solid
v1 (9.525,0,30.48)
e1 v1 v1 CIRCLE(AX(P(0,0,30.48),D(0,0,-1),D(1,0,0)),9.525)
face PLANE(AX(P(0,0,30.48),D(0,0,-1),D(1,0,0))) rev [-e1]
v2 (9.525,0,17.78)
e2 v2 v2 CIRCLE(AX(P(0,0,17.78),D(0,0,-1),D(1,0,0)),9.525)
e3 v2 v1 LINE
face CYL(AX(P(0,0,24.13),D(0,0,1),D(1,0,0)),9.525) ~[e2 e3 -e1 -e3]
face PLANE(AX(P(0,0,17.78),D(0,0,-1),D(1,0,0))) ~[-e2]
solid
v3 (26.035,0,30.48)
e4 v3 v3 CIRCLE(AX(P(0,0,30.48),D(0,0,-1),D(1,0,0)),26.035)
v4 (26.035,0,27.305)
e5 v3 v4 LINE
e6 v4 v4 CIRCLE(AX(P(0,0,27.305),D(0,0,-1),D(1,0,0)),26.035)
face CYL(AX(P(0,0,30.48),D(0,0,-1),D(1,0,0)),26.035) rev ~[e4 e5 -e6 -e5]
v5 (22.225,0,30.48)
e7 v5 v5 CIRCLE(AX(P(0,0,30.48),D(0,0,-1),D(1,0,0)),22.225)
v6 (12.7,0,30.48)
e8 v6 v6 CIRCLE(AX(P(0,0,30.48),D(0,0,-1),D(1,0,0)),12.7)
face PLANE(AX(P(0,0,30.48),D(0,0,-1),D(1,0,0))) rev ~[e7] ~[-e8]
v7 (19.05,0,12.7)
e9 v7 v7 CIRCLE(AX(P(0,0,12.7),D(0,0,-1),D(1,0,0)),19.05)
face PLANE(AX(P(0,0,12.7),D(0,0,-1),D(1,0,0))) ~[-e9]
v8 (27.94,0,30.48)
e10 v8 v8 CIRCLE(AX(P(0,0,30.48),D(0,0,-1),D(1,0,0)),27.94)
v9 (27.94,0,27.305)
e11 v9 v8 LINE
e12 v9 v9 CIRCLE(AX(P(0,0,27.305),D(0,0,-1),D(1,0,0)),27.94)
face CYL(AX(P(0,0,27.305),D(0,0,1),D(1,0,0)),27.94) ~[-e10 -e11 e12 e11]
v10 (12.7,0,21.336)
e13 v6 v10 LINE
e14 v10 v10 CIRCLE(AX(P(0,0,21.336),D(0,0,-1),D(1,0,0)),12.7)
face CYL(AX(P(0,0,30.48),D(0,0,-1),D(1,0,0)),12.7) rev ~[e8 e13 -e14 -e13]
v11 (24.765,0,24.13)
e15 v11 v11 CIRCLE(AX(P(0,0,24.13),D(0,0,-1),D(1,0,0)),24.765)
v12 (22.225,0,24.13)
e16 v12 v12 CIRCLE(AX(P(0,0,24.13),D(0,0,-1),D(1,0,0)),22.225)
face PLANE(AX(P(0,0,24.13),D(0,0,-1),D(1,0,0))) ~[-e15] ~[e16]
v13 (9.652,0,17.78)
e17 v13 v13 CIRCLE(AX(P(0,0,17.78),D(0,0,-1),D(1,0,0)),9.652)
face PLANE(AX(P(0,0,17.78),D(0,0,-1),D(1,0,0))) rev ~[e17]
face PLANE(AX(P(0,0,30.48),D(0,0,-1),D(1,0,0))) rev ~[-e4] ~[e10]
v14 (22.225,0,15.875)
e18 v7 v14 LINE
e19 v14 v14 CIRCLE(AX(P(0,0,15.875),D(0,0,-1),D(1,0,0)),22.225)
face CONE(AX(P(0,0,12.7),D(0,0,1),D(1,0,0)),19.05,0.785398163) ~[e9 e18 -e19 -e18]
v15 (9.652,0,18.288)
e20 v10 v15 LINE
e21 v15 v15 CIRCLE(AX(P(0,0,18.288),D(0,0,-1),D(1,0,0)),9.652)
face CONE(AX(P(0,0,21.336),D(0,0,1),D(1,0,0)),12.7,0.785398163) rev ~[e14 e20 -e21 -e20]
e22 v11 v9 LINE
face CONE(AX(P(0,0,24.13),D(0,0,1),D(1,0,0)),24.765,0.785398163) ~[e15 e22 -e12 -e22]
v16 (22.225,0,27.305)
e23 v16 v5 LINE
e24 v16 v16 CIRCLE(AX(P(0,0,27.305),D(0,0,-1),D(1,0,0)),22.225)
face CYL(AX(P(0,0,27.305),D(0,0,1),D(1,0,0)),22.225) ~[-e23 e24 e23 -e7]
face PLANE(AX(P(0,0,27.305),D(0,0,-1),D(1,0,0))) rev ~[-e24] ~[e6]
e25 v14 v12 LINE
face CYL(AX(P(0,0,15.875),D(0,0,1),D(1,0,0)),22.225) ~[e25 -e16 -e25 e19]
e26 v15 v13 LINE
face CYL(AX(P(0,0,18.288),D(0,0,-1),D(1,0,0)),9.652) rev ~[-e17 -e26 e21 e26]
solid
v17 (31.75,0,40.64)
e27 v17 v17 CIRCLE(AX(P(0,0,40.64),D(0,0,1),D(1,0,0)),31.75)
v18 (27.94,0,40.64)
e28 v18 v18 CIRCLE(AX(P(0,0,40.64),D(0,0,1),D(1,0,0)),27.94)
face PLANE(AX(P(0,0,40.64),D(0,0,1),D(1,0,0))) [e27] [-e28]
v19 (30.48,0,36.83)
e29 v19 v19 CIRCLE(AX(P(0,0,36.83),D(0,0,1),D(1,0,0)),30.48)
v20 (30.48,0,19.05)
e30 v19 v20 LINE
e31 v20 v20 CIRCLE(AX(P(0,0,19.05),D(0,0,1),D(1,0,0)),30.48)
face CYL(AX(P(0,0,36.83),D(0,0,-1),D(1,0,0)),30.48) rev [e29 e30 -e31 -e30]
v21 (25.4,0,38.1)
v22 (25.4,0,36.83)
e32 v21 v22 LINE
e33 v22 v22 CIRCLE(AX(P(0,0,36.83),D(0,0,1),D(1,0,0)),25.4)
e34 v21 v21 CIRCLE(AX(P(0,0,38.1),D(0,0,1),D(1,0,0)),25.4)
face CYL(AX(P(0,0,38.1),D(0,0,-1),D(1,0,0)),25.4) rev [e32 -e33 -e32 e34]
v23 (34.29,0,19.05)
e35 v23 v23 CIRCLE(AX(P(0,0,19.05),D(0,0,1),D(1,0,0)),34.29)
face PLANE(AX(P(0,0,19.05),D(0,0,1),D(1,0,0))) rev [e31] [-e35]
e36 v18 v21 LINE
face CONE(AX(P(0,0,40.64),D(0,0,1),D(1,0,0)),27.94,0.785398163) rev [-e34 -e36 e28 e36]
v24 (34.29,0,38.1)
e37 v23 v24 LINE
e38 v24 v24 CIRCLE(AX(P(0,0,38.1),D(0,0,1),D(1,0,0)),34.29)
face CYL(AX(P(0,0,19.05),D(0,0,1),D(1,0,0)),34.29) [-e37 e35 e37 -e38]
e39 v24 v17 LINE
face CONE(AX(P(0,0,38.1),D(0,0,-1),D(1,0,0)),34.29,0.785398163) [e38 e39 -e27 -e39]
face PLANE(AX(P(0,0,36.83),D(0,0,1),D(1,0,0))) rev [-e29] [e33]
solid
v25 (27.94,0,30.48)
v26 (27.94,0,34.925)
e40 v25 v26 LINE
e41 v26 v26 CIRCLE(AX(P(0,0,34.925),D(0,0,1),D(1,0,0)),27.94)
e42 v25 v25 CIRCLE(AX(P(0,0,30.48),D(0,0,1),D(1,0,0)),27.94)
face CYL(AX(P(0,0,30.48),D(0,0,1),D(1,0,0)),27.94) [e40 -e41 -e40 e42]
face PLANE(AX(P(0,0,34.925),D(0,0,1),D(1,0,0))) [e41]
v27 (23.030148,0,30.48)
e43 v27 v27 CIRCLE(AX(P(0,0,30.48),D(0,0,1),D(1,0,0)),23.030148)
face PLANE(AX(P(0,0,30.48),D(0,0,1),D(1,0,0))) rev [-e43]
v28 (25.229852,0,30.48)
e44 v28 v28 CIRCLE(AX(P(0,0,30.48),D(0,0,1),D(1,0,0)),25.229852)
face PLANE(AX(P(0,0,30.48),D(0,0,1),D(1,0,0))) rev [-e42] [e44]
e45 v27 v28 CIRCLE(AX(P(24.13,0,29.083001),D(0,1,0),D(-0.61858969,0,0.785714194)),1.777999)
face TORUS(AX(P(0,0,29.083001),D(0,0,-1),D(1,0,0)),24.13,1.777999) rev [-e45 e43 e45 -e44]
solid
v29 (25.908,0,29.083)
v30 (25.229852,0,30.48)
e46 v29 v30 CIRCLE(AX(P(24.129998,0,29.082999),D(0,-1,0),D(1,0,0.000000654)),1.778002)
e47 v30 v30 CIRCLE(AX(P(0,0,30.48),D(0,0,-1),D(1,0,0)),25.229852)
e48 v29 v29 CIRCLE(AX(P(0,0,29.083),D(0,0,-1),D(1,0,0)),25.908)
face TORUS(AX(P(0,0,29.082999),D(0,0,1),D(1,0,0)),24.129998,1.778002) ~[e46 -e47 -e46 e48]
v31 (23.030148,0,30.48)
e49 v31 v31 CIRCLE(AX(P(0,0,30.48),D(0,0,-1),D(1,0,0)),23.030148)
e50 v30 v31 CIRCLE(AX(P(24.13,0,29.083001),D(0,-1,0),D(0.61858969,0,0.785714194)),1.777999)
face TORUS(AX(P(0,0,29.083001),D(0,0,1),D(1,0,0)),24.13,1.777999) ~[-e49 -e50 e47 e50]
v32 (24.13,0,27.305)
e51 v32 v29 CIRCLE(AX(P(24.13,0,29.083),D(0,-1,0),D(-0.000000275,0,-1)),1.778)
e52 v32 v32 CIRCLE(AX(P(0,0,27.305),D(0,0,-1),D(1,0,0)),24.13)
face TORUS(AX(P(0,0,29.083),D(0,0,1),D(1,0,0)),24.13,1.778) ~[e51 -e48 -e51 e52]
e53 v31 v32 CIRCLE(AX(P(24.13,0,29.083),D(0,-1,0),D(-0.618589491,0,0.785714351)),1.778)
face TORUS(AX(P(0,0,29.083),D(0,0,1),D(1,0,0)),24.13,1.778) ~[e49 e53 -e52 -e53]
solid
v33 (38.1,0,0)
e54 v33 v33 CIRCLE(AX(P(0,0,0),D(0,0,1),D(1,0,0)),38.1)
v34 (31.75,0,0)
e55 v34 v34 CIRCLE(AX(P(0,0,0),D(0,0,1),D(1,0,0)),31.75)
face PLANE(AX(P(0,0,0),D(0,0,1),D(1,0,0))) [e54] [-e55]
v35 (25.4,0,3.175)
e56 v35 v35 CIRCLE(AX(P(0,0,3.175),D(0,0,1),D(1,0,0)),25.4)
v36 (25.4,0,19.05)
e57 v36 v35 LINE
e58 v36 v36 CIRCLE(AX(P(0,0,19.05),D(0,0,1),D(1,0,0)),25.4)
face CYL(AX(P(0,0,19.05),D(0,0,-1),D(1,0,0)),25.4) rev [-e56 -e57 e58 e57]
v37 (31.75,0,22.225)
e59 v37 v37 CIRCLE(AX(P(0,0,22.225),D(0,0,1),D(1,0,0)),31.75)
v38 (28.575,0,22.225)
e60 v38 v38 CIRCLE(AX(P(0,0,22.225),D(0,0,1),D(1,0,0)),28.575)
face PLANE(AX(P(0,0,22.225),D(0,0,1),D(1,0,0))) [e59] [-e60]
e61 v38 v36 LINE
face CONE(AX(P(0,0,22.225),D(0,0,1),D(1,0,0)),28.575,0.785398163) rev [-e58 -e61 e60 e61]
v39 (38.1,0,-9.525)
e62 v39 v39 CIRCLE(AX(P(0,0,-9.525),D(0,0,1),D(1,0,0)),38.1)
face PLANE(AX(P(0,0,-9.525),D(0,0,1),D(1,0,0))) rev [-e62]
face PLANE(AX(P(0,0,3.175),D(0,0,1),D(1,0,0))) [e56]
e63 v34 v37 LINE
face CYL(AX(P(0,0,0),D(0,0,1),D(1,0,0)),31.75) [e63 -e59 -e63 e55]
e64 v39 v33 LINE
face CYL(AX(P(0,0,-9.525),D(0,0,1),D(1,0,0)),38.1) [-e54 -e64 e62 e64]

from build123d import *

# Parameters (mm, degrees)
F0_W   = 9.525
F0_H   = 12.7
F0_W_2 = 1.27
F0_H_2 = 3.175


with BuildPart() as f1:
    # F0 (on Front) → F1 (revolve)
    with BuildSketch(Plane.XZ):
        with Locations((4.7625, 24.13)):
            Rectangle(F0_W, F0_H)
    revolve(axis=Axis((0, 0, 24.13), (0, 0, -1)))


with BuildPart() as f2:
    # F0 (on Front) → F2 (revolve)
    with BuildSketch(Plane.XZ):
        Polygon((9.525, 17.78), (0, 17.78), (0, 12.7), (19.05, 12.7), (22.225, 15.875), (22.225, 24.13), (24.765, 24.13), (27.94, 27.305), (27.94, 30.48), (26.035, 30.48), (26.035, 27.305), (24.13, 27.305), (22.225, 27.305), (22.225, 30.48), (12.7, 30.48), (12.7, 21.336), (9.652, 18.288), (9.652, 17.78), align=None)
    revolve(axis=Axis((0, 0, 24.13), (0, 0, -1)))


with BuildPart() as f3:
    # F0 (on Front) → F3 (revolve)
    with BuildSketch(Plane.XZ):
        with BuildLine():
            Line((0, 34.925), (0, 30.48))
            Line((0, 30.48), (9.525, 30.48))
            Line((9.525, 30.48), (12.7, 30.48))
            Line((12.7, 30.48), (22.225, 30.48))
            Line((22.225, 30.48), (23.030148, 30.48))
            ThreePointArc((23.030148, 30.48), (24.13, 30.861), (25.229852, 30.48))
            Line((25.229852, 30.48), (26.035, 30.48))
            Line((26.035, 30.48), (27.94, 30.48))
            Line((27.94, 30.48), (27.94, 34.925))
            Line((27.94, 34.925), (0, 34.925))
        make_face()
    revolve(axis=Axis((0, 0, 32.7025), (0, 0, 1)))


with BuildPart() as f4:
    # F0 (on Front) → F4 (revolve)
    with BuildSketch(Plane.XZ):
        Polygon((30.48, 22.225), (28.575, 22.225), (25.4, 19.05), (25.4, 3.175), (0, 3.175), (0, -9.525), (11.319564, -9.525), (38.1, -9.525), (38.1, 0), (31.75, 0), (31.75, 19.05), (30.48, 19.05), align=None)
        with Locations((31.115, 20.6375)):
            Rectangle(F0_W_2, F0_H_2)
    revolve(axis=Axis((0, 0, -3.175), (0, 0, 1)))


with BuildPart() as f5:
    # F0 (on Front) → F5 (revolve)
    with BuildSketch(Plane.XZ):
        Polygon((30.48, 36.83), (30.48, 22.225), (31.75, 22.225), (31.75, 19.05), (34.29, 19.05), (34.29, 38.1), (31.75, 40.64), (27.94, 40.64), (25.4, 38.1), (25.4, 36.83), align=None)
        with Locations((31.115, 20.6375)):
            Rectangle(F0_W_2, F0_H_2)
    revolve(axis=Axis((0, 0, 32.7025), (0, 0, 1)))


with BuildPart() as f6:
    # F0 (on Front) → F6 (revolve)
    with BuildSketch(Plane.XZ):
        with BuildLine():
            ThreePointArc((25.229852, 30.48), (24.13, 30.861), (23.030148, 30.48))
            Line((23.030148, 30.48), (25.229852, 30.48))
        make_face()
        with BuildLine():
            Line((25.229852, 30.48), (23.030148, 30.48))
            ThreePointArc((23.030148, 30.48), (22.449948, 28.501013), (24.13, 27.305))
            ThreePointArc((24.13, 27.305), (25.387236, 27.825764), (25.908, 29.083))
            ThreePointArc((25.908, 29.083), (25.729503, 29.859449), (25.229852, 30.48))
        make_face()
    revolve(axis=Axis((0, 0, 24.13), (0, 0, -1)))


solid = Compound([f1.part, f2.part, f3.part, f4.part, f5.part, f6.part])
